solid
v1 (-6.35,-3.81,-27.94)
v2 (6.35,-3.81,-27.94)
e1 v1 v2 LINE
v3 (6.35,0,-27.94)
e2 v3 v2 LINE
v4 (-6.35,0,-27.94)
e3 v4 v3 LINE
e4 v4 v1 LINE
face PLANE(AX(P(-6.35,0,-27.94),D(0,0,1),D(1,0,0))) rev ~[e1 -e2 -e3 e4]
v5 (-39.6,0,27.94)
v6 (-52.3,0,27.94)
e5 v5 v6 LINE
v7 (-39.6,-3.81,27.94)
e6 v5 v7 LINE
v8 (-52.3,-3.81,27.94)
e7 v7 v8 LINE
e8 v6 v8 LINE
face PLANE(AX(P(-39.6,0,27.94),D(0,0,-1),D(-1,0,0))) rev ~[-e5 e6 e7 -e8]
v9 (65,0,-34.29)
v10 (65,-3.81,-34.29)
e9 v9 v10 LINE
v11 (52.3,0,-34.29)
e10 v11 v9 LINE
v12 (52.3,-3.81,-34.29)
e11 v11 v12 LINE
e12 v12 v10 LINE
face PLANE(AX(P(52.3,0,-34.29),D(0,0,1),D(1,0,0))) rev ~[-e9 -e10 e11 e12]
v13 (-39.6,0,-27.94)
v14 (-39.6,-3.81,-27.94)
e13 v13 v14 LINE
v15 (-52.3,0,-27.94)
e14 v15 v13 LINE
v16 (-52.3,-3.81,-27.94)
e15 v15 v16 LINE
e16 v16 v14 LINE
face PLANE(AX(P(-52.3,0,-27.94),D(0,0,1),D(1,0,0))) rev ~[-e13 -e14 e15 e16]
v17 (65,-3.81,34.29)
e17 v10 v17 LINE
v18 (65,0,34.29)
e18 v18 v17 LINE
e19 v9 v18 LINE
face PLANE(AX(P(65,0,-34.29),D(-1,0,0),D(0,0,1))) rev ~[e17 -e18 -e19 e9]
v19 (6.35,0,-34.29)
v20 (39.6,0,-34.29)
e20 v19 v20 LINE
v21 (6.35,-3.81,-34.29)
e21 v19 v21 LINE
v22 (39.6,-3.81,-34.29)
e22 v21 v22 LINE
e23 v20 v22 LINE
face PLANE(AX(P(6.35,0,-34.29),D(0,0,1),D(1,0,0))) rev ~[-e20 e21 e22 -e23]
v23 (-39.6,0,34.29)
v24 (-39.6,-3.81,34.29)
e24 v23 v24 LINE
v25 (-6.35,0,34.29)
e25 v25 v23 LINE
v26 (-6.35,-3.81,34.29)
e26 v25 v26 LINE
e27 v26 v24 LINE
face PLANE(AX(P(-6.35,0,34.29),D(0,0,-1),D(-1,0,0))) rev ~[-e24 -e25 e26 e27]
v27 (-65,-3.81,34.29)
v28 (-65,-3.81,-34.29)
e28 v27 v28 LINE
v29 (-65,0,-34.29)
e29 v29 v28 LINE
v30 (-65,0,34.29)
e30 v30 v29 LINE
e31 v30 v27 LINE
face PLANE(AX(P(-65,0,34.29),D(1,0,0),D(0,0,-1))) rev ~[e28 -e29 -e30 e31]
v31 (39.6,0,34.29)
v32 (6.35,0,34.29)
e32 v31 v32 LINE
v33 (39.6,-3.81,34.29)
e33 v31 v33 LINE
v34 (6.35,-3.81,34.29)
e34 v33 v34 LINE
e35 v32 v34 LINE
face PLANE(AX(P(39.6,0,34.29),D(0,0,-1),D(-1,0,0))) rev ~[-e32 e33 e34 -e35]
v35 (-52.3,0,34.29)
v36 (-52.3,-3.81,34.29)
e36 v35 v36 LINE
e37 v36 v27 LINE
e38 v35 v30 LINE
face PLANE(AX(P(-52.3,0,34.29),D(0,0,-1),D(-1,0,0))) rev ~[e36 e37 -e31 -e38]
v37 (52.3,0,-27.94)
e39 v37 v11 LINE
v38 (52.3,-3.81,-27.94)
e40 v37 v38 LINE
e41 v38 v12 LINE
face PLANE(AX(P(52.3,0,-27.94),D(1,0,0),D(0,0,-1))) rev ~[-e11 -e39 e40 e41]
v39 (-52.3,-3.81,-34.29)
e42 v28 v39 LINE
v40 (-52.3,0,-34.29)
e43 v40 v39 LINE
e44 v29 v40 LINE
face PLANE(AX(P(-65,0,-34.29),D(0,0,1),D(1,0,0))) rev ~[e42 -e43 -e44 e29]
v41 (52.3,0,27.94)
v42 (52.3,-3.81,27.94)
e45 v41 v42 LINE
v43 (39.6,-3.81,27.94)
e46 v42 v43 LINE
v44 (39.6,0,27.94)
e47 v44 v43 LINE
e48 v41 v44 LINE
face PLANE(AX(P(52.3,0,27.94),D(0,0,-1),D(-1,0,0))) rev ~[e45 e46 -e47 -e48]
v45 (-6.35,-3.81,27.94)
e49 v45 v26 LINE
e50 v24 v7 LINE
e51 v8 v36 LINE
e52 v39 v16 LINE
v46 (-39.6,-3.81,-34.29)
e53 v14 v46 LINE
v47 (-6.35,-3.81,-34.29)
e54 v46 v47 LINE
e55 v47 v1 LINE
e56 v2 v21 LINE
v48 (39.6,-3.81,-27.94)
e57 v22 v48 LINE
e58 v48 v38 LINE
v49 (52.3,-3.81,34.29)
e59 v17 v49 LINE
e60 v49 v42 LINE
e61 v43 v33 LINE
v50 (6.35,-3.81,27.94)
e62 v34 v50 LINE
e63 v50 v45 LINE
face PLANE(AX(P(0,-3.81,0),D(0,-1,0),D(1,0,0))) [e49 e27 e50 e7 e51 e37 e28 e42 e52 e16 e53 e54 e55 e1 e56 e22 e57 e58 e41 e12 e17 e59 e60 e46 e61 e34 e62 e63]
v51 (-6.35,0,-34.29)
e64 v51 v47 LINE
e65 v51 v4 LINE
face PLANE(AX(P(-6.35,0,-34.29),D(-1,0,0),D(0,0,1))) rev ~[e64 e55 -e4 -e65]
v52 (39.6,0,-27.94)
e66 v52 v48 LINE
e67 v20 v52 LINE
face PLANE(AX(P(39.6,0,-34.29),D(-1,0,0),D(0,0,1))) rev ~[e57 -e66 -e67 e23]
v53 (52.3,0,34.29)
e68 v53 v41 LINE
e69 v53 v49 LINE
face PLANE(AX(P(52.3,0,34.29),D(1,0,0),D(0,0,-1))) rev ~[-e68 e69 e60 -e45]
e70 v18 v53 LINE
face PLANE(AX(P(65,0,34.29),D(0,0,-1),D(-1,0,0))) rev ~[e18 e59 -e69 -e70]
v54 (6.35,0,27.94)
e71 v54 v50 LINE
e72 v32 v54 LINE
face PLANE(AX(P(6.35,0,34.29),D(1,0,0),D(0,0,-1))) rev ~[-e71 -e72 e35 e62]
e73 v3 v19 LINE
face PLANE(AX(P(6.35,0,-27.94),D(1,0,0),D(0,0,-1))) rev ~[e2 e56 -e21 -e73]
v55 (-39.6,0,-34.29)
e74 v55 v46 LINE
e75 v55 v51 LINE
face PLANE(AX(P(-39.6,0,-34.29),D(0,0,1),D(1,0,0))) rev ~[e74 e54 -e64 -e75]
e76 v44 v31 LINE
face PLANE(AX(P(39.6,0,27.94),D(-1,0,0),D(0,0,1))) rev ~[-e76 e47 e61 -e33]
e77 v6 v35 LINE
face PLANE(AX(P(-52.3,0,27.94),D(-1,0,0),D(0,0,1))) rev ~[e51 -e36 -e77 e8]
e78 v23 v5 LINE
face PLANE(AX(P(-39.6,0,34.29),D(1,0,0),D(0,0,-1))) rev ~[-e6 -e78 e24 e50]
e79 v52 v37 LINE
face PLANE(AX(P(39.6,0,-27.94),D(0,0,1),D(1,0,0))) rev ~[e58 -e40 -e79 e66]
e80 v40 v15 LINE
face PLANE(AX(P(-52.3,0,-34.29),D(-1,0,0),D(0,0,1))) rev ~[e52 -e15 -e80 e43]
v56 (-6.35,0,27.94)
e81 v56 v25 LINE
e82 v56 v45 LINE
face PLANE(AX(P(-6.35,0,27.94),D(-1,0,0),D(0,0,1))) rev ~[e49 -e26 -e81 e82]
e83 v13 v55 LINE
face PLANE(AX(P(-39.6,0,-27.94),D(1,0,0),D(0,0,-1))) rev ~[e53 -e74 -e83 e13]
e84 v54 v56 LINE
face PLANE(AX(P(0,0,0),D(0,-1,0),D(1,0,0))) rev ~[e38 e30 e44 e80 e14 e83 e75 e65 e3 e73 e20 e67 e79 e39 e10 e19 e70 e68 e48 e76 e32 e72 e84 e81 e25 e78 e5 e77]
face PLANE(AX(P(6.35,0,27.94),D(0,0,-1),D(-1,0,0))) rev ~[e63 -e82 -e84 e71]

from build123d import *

# Parameters (mm, degrees)
F1_DEPTH = 3.81


with BuildPart() as f1:
    # F0 (on Front) → F1 (new body)
    with BuildSketch(Plane.XZ):
        Polygon((-52.3, 34.29), (-65, 34.29), (-65, 0), (-65, -34.29), (-52.3, -34.29), (-52.3, -27.94), (-39.6, -27.94), (-39.6, -34.29), (-6.35, -34.29), (-6.35, -27.94), (6.35, -27.94), (6.35, -34.29), (39.6, -34.29), (39.6, -27.94), (52.3, -27.94), (52.3, -34.29), (65, -34.29), (65, 0), (65, 34.29), (52.3, 34.29), (52.3, 27.94), (39.6, 27.94), (39.6, 34.29), (6.35, 34.29), (6.35, 27.94), (-6.35, 27.94), (-6.35, 34.29), (-39.6, 34.29), (-39.6, 27.94), (-52.3, 27.94), align=None)
    extrude(amount=F1_DEPTH)


solid = f1.part
